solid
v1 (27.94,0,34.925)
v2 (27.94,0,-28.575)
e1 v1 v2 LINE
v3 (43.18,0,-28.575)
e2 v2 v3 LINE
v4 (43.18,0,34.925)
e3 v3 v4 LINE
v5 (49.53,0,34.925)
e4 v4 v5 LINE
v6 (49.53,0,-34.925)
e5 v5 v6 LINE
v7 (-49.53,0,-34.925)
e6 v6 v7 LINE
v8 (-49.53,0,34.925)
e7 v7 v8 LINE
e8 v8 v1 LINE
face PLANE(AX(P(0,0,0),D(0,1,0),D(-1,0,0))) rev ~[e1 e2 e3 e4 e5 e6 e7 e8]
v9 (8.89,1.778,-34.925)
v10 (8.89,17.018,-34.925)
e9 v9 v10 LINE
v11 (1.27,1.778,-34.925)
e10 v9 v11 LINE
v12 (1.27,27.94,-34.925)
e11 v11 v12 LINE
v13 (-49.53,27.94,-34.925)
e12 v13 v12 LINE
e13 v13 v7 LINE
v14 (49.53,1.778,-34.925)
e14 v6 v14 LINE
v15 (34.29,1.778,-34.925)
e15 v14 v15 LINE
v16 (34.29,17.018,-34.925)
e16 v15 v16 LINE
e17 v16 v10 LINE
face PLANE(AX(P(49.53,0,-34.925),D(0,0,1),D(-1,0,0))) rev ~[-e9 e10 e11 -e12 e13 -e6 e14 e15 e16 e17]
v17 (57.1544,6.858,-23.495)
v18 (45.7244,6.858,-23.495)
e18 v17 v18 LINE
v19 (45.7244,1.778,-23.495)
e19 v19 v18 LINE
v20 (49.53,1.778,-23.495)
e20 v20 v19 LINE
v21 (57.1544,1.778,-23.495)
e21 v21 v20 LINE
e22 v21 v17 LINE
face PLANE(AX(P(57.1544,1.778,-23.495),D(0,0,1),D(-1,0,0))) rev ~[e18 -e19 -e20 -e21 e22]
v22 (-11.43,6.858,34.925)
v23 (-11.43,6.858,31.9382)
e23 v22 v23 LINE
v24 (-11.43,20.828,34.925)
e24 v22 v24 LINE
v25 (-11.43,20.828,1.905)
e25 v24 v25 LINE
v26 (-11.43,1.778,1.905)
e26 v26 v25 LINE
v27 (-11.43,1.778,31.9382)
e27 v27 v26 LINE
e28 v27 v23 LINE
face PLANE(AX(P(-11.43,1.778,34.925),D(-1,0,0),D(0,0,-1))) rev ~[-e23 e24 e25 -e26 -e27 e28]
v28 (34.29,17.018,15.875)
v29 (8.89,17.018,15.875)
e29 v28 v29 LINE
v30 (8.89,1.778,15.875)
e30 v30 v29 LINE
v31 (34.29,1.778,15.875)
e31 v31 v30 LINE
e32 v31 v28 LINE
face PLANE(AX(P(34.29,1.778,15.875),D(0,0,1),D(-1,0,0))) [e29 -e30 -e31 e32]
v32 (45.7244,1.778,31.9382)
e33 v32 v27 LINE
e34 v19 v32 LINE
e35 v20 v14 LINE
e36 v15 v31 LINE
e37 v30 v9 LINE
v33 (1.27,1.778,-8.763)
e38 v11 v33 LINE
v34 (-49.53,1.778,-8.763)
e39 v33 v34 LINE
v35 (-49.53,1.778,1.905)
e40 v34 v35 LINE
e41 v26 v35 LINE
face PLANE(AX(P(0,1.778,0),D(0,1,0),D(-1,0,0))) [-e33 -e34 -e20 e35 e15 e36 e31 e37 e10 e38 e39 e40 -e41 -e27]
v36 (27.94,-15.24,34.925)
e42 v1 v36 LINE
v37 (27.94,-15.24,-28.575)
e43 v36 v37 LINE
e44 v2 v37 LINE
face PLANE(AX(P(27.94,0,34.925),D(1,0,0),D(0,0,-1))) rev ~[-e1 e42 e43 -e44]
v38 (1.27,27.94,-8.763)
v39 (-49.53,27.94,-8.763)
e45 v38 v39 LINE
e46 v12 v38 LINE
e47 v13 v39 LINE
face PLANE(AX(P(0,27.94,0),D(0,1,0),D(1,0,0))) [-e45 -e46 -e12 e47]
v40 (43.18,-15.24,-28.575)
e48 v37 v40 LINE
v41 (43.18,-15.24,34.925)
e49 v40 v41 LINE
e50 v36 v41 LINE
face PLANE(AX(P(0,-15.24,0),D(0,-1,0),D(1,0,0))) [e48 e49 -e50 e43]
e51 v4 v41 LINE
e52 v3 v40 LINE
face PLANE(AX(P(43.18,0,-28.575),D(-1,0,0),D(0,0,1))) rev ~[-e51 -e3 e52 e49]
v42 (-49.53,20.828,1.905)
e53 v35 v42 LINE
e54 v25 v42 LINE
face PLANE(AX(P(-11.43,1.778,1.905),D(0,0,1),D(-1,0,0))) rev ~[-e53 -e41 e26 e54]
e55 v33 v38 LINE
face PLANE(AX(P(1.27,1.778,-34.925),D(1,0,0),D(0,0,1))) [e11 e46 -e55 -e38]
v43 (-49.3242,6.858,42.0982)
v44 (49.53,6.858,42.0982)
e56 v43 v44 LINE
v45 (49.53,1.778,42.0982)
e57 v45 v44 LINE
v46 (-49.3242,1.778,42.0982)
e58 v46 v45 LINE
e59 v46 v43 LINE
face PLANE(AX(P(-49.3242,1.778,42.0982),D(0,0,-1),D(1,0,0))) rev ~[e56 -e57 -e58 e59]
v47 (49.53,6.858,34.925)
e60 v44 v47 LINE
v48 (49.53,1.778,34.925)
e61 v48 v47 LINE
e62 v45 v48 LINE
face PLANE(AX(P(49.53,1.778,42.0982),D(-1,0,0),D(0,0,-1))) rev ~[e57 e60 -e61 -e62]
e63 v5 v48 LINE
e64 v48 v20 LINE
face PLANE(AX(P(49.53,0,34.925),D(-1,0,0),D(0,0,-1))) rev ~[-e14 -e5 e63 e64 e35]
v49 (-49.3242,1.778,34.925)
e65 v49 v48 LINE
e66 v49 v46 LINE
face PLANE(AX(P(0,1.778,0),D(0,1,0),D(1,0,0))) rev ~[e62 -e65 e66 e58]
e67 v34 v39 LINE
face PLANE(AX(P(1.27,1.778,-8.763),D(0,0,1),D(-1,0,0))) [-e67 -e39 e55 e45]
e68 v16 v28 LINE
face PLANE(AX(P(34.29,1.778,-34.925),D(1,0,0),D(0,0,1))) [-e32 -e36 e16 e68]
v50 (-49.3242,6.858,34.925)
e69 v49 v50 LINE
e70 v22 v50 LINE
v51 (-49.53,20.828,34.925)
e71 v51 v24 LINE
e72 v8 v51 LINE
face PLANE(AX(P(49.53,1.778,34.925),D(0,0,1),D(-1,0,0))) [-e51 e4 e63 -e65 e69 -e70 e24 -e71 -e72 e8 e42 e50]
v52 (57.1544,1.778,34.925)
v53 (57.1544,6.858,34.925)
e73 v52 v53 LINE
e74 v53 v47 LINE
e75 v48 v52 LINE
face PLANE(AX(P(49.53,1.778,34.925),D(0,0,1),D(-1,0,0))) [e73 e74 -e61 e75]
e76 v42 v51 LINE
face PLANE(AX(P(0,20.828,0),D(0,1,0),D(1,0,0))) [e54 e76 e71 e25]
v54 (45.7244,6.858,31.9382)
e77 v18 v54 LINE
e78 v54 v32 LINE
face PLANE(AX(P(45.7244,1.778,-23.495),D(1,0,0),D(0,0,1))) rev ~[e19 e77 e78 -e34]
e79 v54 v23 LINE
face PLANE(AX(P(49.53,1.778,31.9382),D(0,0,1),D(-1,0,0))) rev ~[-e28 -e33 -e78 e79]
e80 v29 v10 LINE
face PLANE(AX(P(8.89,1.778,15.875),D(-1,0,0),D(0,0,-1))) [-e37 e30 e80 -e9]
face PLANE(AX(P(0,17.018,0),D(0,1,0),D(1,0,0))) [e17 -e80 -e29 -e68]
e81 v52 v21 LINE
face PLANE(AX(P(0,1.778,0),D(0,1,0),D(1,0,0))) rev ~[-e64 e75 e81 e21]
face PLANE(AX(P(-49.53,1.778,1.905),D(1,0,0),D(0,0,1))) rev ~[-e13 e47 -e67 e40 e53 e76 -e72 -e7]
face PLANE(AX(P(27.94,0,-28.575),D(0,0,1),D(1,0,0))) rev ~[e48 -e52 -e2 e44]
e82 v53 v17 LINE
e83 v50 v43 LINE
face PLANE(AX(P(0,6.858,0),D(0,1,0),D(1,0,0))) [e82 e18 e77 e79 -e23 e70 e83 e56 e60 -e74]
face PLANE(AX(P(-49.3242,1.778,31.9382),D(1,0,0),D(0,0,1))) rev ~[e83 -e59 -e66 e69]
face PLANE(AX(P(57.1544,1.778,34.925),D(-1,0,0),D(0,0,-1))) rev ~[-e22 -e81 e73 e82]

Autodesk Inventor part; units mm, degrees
ref_plane "YZ Plane" through (0, 0, 0) normal (1, 0, 0) x (0, 1, 0)
ref_plane "XZ Plane" through (0, 0, 0) normal (0, 1, 0) x (-1, 0, 0)
ref_plane "XY Plane" through (0, 0, 0) normal (0, 0, 1) x (1, 0, 0)
sketch "Sketch1" plane through (0, 0, 0) normal (0, 1, 0) x (-1, 0, 0)
  line L0 (49.53, 34.925) -> (-49.53, 34.925)
  line L1 (-49.53, 34.925) -> (-49.53, -34.925)
  line L2 (-49.53, -34.925) -> (49.53, -34.925)
  line L3 (49.53, -34.925) -> (49.53, 34.925)
  point P0 (0, 0)
  point P1 (0, -34.925)
  point P2 (49.53, 0)
  dimension "d0" = 99.06
  dimension "d1" = 69.85
extrude "Extrusion1" add sketch "Sketch1" along normal blind 1.778
sketch "Sketch2" plane through (0, 1.778, 0) normal (0, 1, 0) x (1, 0, 0)
  line L0 (-49.53, 34.925) -> (-49.53, -34.925) projected
  line L1 (-49.53, 34.925) -> (1.27, 34.925)
  line L2 (1.27, 34.925) -> (1.27, 8.763)
  line L3 (1.27, 8.763) -> (-49.53, 8.763)
  line L4 (-49.53, 8.763) -> (-49.53, 34.925)
  point P0 (0, 0)
  dimension "d4" = 50.8
  dimension "d5" = 26.162
extrude "Extrusion2" add sketch "Sketch2" along normal blind 26.162
sketch "Sketch3" plane through (0, 1.778, 0) normal (0, 1, 0) x (1, 0, 0)
  line L0 (-49.53, 34.925) -> (-49.53, -34.925) projected
  line L1 (-49.53, -34.925) -> (-11.43, -34.925)
  line L2 (-11.43, -34.925) -> (-11.43, -1.905)
  line L3 (-11.43, -1.905) -> (-49.53, -1.905)
  line L4 (-49.53, -1.905) -> (-49.53, -34.925)
  point P0 (0, 0)
  dimension "d8" = 38.1
  dimension "d9" = 33.02
extrude "Extrusion3" add sketch "Sketch3" along normal blind 19.05
sketch "Sketch4" plane through (0, 1.778, 0) normal (0, 1, 0) x (1, 0, 0)
  line L0 (1.27, 34.925) -> (1.27, 8.763) projected
  line L1 (1.27, 34.925) -> (8.89, 34.925)
  line L2 (49.53, 34.925) -> (-49.53, 34.925) projected
  line L3 (8.89, 34.925) -> (34.29, 34.925)
  line L4 (34.29, 34.925) -> (34.29, -15.875)
  line L5 (34.29, -15.875) -> (8.89, -15.875)
  line L6 (8.89, -15.875) -> (8.89, 34.925)
  point P0 (0, 0)
  dimension "d12" = 7.62
  dimension "d13" = 25.4
  dimension "d14" = 50.8
extrude "Extrusion4" add sketch "Sketch4" along normal blind 15.24
sketch "Sketch5" plane through (0, 0, 0) normal (0, -1, 0) x (1, 0, 0)
  line L0 (-11.43, 34.925) -> (49.53, 34.925) projected
  line L1 (49.53, 34.925) -> (43.18, 34.925)
  line L2 (43.18, 34.925) -> (27.94, 34.925)
  line L3 (27.94, 34.925) -> (27.94, -28.575)
  line L4 (27.94, -28.575) -> (43.18, -28.575)
  line L5 (43.18, -28.575) -> (43.18, 34.925)
  point P0 (0, 0)
  dimension "d17" = 6.35
  dimension "d18" = 15.24
  dimension "d19" = 63.5
extrude "Extrusion5" add sketch "Sketch5" along normal blind 15.24
sketch "Sketch6" plane through (0, 1.778, 0) normal (0, 1, 0) x (1, 0, 0)
  line L0 (49.53, -34.925) -> (45.7244, -34.925)
  line L1 (45.7244, -34.925) -> (57.1544, -34.925)
  line L2 (57.1544, -34.925) -> (57.1544, 23.495)
  line L3 (57.1544, 23.495) -> (45.7244, 23.495)
  line L4 (45.7244, 23.495) -> (45.7244, -34.925)
  point P0 (0, 0)
  dimension "d22" = 11.43
  dimension "d23" = 58.42
extrude "Extrusion6" add sketch "Sketch6" along normal blind 5.08
sketch "Sketch7" plane through (0, 1.778, 0) normal (0, 1, 0) x (1, 0, 0)
  line L0 (49.53, -34.925) -> (49.53, 34.925) projected
  line L1 (49.53, -31.9382) -> (-49.3242, -31.9382)
  line L2 (-49.3242, -31.9382) -> (-49.3242, -42.0982)
  line L3 (-49.3242, -42.0982) -> (49.53, -42.0982)
  line L4 (49.53, -42.0982) -> (49.53, -31.9382)
  point P0 (0, 0)
  dimension "d26" = 10.16
extrude "Extrusion7" add sketch "Sketch7" along normal blind 5.08
properties part number "board"
